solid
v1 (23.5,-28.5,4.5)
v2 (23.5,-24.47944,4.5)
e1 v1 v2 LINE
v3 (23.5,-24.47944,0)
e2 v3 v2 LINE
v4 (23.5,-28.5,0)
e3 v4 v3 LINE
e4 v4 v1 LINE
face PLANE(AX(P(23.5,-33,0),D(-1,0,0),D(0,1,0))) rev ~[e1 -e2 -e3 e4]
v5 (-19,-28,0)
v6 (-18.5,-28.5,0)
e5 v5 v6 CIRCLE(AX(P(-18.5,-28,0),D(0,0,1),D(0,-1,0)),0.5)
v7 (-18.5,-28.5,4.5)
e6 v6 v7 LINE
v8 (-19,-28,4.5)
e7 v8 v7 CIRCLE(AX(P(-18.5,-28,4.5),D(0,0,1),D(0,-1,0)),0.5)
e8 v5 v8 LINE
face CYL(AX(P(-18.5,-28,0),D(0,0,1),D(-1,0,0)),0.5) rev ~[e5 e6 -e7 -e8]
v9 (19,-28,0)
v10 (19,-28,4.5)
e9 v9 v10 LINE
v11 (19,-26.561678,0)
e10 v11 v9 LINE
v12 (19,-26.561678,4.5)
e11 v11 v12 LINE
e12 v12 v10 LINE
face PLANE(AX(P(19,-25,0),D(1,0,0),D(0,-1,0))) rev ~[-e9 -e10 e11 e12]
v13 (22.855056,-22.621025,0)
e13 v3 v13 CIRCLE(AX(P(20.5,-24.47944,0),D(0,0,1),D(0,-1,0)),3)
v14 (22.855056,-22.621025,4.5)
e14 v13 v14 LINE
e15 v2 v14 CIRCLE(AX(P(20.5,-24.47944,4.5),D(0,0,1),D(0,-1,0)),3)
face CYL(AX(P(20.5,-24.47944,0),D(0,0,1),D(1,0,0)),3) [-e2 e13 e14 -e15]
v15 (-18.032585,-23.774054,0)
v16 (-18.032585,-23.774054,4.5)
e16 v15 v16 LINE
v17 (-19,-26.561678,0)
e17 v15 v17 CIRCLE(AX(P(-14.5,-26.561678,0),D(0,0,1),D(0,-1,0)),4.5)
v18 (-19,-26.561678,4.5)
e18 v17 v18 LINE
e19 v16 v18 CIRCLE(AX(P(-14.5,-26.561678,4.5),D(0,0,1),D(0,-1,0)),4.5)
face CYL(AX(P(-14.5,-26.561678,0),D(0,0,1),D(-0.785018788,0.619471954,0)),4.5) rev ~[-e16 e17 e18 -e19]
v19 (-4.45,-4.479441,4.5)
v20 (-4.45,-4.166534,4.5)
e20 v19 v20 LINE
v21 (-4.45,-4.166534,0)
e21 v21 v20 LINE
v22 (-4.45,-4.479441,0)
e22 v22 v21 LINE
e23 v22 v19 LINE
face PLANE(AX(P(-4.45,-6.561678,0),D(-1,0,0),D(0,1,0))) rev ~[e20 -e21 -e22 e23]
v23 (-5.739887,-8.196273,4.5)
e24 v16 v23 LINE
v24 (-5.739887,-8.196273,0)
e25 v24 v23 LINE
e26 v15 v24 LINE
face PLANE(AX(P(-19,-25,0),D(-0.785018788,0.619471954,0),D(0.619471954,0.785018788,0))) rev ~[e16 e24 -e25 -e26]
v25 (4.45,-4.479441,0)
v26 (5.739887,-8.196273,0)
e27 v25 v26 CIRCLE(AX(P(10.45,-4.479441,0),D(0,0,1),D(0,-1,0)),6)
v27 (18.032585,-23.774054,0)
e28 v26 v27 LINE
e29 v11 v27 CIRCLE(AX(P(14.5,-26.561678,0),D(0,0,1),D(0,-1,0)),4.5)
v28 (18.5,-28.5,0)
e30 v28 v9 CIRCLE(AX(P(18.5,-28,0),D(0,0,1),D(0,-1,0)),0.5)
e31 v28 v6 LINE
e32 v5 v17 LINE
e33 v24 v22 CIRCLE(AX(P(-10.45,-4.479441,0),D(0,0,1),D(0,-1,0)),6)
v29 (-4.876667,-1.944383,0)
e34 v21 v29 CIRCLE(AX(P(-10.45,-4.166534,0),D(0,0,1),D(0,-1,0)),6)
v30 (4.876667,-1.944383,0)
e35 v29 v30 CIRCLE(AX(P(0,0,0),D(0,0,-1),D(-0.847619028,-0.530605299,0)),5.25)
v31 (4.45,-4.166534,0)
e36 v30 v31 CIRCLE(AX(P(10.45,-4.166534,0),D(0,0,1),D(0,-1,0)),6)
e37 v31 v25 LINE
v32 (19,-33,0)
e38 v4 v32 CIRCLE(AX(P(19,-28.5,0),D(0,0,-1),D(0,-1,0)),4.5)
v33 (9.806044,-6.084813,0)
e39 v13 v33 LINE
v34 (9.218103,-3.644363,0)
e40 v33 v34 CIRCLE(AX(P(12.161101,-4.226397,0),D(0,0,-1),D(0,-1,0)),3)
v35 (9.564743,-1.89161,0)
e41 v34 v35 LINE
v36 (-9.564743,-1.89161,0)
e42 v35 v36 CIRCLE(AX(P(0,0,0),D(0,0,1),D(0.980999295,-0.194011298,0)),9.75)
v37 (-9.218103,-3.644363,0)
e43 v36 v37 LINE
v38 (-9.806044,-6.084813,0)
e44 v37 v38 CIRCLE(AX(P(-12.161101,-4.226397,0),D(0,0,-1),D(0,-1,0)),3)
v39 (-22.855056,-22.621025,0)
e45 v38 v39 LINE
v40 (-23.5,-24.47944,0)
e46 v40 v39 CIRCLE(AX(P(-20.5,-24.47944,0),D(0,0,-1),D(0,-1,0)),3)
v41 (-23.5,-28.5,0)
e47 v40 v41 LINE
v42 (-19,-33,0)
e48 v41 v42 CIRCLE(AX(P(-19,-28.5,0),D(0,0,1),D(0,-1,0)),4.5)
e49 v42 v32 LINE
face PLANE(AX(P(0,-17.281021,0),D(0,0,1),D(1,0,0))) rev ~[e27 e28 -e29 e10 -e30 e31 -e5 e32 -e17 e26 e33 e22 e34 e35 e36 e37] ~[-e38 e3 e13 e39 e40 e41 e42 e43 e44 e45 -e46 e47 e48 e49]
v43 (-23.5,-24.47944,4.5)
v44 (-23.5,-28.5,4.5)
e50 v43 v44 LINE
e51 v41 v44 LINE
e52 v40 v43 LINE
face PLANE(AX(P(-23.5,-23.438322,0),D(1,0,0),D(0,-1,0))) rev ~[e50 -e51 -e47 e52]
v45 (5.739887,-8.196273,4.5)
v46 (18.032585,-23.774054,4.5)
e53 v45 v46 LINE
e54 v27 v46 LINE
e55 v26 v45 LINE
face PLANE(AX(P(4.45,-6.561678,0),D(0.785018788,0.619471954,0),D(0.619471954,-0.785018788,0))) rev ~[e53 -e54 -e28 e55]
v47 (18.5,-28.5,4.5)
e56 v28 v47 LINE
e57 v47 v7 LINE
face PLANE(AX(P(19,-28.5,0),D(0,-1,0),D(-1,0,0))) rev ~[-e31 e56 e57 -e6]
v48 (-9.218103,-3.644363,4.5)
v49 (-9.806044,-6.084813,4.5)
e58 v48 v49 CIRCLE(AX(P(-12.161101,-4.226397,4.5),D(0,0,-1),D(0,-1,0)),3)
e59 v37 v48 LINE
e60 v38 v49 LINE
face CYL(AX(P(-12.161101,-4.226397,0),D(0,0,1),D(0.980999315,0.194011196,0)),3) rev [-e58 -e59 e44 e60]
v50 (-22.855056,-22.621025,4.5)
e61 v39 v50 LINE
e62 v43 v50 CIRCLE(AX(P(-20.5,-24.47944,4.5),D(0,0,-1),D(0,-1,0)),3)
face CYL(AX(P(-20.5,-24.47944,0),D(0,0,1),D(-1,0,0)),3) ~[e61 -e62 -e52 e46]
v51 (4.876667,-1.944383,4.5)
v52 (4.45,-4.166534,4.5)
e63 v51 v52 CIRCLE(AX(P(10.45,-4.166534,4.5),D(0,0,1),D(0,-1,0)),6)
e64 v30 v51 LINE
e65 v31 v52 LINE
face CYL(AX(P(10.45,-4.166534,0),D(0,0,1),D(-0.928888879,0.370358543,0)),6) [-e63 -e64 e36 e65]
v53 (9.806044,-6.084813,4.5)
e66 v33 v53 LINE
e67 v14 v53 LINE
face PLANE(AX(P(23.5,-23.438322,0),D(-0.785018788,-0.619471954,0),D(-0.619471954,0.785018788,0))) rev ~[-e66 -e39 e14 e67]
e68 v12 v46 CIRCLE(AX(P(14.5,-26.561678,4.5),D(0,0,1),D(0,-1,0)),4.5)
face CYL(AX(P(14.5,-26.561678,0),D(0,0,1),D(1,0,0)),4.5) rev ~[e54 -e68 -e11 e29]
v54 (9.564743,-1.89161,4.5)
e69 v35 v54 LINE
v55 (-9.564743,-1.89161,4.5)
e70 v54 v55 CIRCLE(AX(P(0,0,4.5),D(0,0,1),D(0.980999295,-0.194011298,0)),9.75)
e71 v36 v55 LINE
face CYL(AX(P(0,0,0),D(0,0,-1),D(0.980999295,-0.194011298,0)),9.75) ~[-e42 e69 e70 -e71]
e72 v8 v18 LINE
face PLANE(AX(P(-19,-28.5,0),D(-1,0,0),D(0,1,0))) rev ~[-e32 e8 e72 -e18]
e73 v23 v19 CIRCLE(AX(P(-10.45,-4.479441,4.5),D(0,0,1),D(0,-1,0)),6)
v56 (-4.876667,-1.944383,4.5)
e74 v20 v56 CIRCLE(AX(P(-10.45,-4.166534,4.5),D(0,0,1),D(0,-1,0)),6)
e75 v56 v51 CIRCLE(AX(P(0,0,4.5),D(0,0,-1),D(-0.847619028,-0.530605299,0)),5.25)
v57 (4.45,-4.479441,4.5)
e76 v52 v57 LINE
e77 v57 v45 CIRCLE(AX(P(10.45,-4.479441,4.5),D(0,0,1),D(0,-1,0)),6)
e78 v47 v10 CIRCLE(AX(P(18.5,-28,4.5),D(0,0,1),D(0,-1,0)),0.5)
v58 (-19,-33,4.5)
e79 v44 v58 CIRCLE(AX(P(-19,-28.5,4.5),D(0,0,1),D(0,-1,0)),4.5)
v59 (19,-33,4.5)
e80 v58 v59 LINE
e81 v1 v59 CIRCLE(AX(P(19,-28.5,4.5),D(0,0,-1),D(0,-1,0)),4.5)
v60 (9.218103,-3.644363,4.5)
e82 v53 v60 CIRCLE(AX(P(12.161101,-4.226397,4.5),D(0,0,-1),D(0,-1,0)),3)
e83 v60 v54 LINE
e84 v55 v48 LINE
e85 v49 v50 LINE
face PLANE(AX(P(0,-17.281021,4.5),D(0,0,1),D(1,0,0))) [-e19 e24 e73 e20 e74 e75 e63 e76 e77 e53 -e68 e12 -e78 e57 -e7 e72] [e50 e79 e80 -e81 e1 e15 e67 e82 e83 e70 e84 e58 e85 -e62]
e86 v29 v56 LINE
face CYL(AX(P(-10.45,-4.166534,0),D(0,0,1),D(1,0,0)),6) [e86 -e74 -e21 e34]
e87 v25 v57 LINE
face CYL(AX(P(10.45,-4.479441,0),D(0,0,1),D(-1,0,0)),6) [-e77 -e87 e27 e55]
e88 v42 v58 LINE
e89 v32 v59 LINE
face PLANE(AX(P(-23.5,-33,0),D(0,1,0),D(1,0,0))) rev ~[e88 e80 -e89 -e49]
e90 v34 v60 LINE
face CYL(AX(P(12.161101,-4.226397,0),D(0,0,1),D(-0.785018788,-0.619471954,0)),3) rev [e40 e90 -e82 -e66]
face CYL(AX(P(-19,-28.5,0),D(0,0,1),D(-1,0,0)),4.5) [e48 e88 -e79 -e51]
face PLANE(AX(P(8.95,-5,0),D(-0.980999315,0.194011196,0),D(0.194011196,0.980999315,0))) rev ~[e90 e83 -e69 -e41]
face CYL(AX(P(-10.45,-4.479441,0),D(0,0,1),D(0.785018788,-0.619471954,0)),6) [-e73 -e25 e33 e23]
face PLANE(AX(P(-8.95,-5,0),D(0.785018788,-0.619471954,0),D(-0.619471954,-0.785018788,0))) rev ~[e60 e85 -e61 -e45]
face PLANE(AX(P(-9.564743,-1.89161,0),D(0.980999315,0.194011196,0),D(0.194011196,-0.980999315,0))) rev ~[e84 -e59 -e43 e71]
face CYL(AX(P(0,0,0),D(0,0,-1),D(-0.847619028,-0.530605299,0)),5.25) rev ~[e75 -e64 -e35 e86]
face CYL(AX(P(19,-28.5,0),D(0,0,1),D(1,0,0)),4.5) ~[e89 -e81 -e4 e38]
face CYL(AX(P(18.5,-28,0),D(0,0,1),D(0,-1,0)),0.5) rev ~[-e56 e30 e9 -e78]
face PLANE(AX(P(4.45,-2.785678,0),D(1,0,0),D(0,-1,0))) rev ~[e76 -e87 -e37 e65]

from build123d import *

# Parameters (mm, degrees)
F1_DEPTH = 4.5
F2_R     = 4.5
F3_R     = 3
F4_R     = 0.5
F5_R     = 6


with BuildPart() as f1:
    # F0 (on Top) → F1 (new body)
    with BuildSketch(Plane.XY):
        with BuildLine():
            ThreePointArc((9.564743, -1.89161), (0, 9.75), (-9.564743, -1.89161))
            Line((-9.564743, -1.89161), (-8.95, -5))
            Line((-8.95, -5), (-23.5, -23.438322))
            Line((-23.5, -23.438322), (-23.5, -33))
            Line((-23.5, -33), (23.5, -33))
            Line((23.5, -33), (23.5, -23.438322))
            Line((23.5, -23.438322), (8.95, -5))
            Line((8.95, -5), (9.564743, -1.89161))
        make_face()
        with BuildLine():
            ThreePointArc((-4.45, -2.785678), (0, 5.25), (4.45, -2.785678))
            Line((4.45, -2.785678), (4.45, -6.561678))
            Line((4.45, -6.561678), (19, -25))
            Line((19, -25), (19, -28.5))
            Line((19, -28.5), (-19, -28.5))
            Line((-19, -28.5), (-19, -25))
            Line((-19, -25), (-4.45, -6.561678))
            Line((-4.45, -6.561678), (-4.45, -2.785678))
        make_face(mode=Mode.SUBTRACT)
    extrude(amount=F1_DEPTH)

    # F2
    f2_edges = [f1.edges().sort_by_distance(p)[0] for p in [
        (-19, -25, 2.25),
        (19, -25, 2.25),
        (-23.5, -33, 2.25),
        (23.5, -33, 2.25),
    ]]
    fillet(f2_edges, radius=F2_R)

    # F3
    f3_edges = [f1.edges().sort_by_distance(p)[0] for p in [
        (-8.95, -5, 2.25),
        (8.95, -5, 2.25),
        (23.5, -23.438322, 2.25),
        (-23.5, -23.438322, 2.25),
    ]]
    fillet(f3_edges, radius=F3_R)

    # F4
    f4_edges = [f1.edges().sort_by_distance(p)[0] for p in [
        (-19, -28.5, 2.25),
        (19, -28.5, 2.25),
    ]]
    fillet(f4_edges, radius=F4_R)

    # F5
    f5_edges = [f1.edges().sort_by_distance(p)[0] for p in [
        (4.45, -6.561678, 2.25),
        (-4.45, -6.561678, 2.25),
        (4.45, -2.785678, 2.25),
        (-4.45, -2.785678, 2.25),
    ]]
    fillet(f5_edges, radius=F5_R)


solid = f1.part
